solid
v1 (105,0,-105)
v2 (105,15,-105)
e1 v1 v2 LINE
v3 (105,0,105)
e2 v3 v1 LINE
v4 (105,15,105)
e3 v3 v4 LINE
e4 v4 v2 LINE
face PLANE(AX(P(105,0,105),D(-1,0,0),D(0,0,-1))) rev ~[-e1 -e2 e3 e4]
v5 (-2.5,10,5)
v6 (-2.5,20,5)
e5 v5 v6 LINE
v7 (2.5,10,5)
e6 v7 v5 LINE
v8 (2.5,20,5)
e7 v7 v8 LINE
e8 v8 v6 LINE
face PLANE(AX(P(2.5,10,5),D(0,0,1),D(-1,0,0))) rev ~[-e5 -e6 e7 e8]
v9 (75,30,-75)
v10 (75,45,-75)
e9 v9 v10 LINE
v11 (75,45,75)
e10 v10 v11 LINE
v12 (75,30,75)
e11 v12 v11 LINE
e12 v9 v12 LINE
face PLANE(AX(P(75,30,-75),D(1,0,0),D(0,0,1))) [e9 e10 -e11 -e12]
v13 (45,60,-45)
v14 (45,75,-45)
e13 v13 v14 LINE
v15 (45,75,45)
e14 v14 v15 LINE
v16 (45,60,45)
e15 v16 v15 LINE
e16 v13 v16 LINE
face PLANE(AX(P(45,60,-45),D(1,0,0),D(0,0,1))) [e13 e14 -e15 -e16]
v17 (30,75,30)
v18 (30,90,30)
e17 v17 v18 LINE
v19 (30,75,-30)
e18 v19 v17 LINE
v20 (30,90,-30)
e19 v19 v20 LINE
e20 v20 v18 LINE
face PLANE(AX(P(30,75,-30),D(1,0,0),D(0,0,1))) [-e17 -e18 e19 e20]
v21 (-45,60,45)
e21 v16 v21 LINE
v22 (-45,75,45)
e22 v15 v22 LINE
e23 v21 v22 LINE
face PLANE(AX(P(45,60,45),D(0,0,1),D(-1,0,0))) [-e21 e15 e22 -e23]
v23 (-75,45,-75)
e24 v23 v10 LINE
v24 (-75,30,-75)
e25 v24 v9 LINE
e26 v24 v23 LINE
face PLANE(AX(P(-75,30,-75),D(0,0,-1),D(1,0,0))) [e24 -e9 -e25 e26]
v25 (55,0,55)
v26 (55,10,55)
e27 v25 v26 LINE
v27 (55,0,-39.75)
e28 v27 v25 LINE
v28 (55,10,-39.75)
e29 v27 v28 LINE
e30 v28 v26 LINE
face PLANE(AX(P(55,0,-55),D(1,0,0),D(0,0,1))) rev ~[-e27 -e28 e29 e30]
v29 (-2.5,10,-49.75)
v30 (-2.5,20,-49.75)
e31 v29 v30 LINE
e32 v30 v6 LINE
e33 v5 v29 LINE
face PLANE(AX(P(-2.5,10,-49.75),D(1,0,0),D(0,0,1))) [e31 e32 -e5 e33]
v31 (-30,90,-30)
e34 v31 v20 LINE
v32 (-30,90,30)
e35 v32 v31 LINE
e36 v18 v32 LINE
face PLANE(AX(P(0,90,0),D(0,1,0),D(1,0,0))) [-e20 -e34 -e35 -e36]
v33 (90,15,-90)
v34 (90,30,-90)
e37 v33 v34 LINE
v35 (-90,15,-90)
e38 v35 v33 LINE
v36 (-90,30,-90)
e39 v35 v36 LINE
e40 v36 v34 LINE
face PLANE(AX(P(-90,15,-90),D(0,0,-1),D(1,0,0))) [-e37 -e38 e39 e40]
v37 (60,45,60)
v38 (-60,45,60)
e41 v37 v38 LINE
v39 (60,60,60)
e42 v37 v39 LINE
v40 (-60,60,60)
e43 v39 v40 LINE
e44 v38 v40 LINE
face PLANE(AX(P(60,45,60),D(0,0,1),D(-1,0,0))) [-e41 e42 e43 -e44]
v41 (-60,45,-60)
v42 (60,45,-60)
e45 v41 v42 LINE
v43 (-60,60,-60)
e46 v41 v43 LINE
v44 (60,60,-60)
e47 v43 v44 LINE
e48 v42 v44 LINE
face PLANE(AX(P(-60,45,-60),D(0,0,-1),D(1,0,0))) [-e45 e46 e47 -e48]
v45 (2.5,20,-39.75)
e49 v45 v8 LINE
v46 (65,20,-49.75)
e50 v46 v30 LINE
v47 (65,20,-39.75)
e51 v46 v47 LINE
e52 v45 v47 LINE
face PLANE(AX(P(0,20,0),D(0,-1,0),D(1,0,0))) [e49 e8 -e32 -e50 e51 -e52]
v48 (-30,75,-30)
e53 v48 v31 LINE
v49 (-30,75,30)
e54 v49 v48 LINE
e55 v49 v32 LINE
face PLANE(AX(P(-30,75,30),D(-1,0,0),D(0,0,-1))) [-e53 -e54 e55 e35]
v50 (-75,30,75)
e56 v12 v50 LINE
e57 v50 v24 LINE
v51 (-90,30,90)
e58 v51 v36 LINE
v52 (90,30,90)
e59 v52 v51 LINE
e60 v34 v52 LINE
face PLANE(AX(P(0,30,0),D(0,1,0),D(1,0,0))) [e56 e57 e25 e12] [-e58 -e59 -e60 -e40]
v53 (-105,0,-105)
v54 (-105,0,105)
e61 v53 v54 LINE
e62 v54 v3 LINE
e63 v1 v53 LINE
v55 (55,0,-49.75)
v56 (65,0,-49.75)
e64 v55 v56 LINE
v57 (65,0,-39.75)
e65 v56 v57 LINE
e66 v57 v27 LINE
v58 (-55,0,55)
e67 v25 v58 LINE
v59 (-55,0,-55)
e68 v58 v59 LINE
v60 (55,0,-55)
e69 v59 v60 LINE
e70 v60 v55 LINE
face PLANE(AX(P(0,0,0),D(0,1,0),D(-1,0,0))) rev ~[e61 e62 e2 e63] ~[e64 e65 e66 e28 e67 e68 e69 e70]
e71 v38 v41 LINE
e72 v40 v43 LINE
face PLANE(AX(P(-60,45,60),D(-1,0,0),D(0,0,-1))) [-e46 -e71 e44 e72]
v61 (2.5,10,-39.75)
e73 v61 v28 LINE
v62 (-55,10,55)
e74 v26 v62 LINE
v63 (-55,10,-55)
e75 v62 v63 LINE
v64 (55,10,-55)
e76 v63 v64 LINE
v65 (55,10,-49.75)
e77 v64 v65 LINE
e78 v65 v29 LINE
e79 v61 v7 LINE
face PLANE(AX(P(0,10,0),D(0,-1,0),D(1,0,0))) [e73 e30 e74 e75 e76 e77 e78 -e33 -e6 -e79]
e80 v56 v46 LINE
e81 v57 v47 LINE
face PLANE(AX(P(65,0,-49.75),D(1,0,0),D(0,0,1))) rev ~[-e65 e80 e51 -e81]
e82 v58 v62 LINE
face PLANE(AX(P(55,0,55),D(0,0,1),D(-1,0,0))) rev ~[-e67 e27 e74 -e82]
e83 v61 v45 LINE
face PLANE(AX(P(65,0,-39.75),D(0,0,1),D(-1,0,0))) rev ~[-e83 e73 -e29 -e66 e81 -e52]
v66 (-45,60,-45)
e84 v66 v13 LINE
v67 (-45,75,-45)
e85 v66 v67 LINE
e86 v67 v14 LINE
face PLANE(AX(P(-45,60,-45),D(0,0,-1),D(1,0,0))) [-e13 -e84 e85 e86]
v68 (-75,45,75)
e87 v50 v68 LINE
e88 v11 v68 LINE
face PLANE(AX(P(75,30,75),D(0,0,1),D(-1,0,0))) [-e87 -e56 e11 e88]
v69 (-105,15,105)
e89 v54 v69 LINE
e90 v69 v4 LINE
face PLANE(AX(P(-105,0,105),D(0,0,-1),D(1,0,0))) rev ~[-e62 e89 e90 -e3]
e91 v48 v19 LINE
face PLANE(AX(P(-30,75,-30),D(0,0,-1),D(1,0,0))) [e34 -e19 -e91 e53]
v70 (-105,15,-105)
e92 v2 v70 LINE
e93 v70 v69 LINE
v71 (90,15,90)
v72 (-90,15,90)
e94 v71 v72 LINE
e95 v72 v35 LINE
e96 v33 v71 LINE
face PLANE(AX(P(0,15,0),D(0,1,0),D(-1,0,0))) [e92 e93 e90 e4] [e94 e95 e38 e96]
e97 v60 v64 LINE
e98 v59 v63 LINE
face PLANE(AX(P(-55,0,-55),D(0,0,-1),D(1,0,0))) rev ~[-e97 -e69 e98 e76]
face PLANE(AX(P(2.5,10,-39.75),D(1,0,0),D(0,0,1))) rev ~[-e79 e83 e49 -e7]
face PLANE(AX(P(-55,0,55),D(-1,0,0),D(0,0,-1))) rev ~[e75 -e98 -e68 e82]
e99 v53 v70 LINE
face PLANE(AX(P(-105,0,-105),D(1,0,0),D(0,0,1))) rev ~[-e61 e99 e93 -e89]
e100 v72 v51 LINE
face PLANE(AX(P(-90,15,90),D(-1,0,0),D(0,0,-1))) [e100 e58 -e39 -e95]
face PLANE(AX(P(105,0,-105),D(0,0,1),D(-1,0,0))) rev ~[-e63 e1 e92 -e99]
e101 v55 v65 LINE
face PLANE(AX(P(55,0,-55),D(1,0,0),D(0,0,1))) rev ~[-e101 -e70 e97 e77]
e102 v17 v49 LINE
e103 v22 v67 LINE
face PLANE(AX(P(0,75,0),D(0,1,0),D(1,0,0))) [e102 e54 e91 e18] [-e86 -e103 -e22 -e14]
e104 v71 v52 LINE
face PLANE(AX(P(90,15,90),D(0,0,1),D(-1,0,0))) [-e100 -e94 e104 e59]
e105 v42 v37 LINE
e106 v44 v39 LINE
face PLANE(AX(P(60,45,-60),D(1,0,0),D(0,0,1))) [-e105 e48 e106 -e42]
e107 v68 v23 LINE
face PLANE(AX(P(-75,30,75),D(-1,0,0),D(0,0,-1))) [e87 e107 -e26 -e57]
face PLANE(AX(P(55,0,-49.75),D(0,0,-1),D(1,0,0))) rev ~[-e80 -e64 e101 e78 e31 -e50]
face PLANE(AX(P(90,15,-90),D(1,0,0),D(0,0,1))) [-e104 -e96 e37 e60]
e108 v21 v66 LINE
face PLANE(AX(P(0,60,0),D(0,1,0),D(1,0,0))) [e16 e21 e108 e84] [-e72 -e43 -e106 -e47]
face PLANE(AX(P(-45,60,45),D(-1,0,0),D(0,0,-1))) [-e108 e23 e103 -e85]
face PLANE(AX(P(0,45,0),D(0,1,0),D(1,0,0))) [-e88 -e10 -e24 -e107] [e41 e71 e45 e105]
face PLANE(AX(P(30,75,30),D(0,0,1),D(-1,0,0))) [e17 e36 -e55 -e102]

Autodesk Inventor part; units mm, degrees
ref_plane "YZ Plane" through (0, 0, 0) normal (1, 0, 0) x (0, 1, 0)
ref_plane "XZ Plane" through (0, 0, 0) normal (0, 1, 0) x (-1, 0, 0)
ref_plane "XY Plane" through (0, 0, 0) normal (0, 0, 1) x (1, 0, 0)
sketch "Náčrt1" plane through (0, 0, 0) normal (0, 1, 0) x (-1, 0, 0)
  line L0 (105, 105) -> (-105, 105)
  line L1 (-105, 105) -> (-105, -105)
  line L2 (-105, -105) -> (105, -105)
  line L3 (105, -105) -> (105, 105)
  line L4 (105, 105) -> (-105, -105) construction
  line L5 (-105, 105) -> (105, -105) construction
  point P0 (0, 0)
  dimension "d0" = 210
  dimension "d1" = 210
extrude "Vysunutí1" add sketch "Náčrt1" along normal blind 15
sketch "Náčrt2" plane through (0, 15, 0) normal (0, 1, 0) x (1, 0, 0)
  line L0 (90, -90) -> (-90, -90)
  line L1 (-90, -90) -> (-90, 90)
  line L2 (-90, 90) -> (90, 90)
  line L3 (90, 90) -> (90, -90)
  line L4 (90, -90) -> (-90, 90) construction
  line L5 (-90, -90) -> (90, 90) construction
  point P0 (0, 0)
  dimension "d4" = 180
  dimension "d5" = 180
extrude "Vysunutí2" add sketch "Náčrt2" along normal blind 15
sketch "Náčrt3" plane through (0, 30, 0) normal (0, 1, 0) x (1, 0, 0)
  line L0 (75, -75) -> (-75, -75)
  line L1 (-75, -75) -> (-75, 75)
  line L2 (-75, 75) -> (75, 75)
  line L3 (75, 75) -> (75, -75)
  line L4 (75, -75) -> (-75, 75) construction
  line L5 (-75, -75) -> (75, 75) construction
  point P0 (0, 0)
  dimension "d8" = 150
  dimension "d9" = 150
extrude "Vysunutí3" add sketch "Náčrt3" along normal blind 15
sketch "Náčrt4" plane through (0, 45, 0) normal (0, 1, 0) x (1, 0, 0)
  line L0 (60, -60) -> (-60, -60)
  line L1 (-60, -60) -> (-60, 60)
  line L2 (-60, 60) -> (60, 60)
  line L3 (60, 60) -> (60, -60)
  line L4 (60, -60) -> (-60, 60) construction
  line L5 (-60, -60) -> (60, 60) construction
  point P0 (0, 0)
  dimension "d12" = 120
  dimension "d13" = 120
extrude "Vysunutí4" add sketch "Náčrt4" along normal blind 15
sketch "Náčrt5" plane through (0, 60, 0) normal (0, 1, 0) x (1, 0, 0)
  line L0 (45, -45) -> (-45, -45)
  line L1 (-45, -45) -> (-45, 45)
  line L2 (-45, 45) -> (45, 45)
  line L3 (45, 45) -> (45, -45)
  line L4 (45, -45) -> (-45, 45) construction
  line L5 (-45, -45) -> (45, 45) construction
  point P0 (0, 0)
  dimension "d16" = 90
  dimension "d17" = 90
extrude "Vysunutí5" add sketch "Náčrt5" along normal blind 15
sketch "Náčrt7" plane through (0, 75, 0) normal (0, 1, 0) x (1, 0, 0)
  line L0 (-30, 30) -> (30, 30)
  line L1 (30, 30) -> (30, -30)
  line L2 (30, -30) -> (-30, -30)
  line L3 (-30, -30) -> (-30, 30)
  line L4 (-30, 30) -> (30, -30) construction
  line L5 (30, 30) -> (-30, -30) construction
  point P0 (0, 0)
  dimension "d20" = 60
  dimension "d21" = 60
extrude "Vysunutí6" add sketch "Náčrt7" along normal blind 15
sketch "Náčrt8" plane through (0, 0, 0) normal (0, -1, 0) x (1, 0, 0)
  line L0 (-55, -55) -> (55, -55)
  line L1 (55, -55) -> (55, 55)
  line L2 (55, 55) -> (-55, 55)
  line L3 (-55, 55) -> (-55, -55)
  line L4 (-55, -55) -> (55, 55) construction
  line L5 (55, -55) -> (-55, 55) construction
  point P0 (0, 0)
  dimension "d24" = 110
  dimension "d25" = 110
extrude "Vysunutí7" cut sketch "Náčrt8" against normal blind 10
sketch "Náčrt9" plane through (0, 0, 0) normal (0, -1, 0) x (1, 0, 0)
  line L0 (55, 55) -> (55, -55) projected
  line L1 (55, -49.75) -> (65, -49.75)
  line L2 (65, -49.75) -> (65, -39.75)
  line L3 (65, -39.75) -> (55, -39.75)
  line L4 (55, -39.75) -> (55, -49.75)
  line L5 (55, -55) -> (-55, -55) projected
  point P0 (0, 0)
  dimension "d28" = 10
  dimension "d29" = 10
  dimension "d30" = 5.25
extrude "Vysunutí8" cut sketch "Náčrt9" against normal blind 20
sketch "Náčrt10" plane through (0, 10, 0) normal (0, -1, 0) x (1, 0, 0)
  line L0 (55, -39.75) -> (55, -49.75) projected
  line L1 (55, -49.75) -> (-2.5, -49.75)
  line L2 (-2.5, -49.75) -> (-2.5, -39.75)
  line L3 (-2.5, -39.75) -> (55, -39.75)
  line L4 (55, -39.75) -> (55, -49.75)
  line L5 (-2.5, -49.75) -> (2.5, -49.75)
  line L6 (2.5, -49.75) -> (2.5, 5)
  line L7 (2.5, 5) -> (-2.5, 5)
  line L8 (-2.5, 5) -> (-2.5, -49.75)
  point P0 (0, 0)
  point P1 (2.5, -39.75)
  dimension "d33" = 57.5
  dimension "d34" = 5
  dimension "d35" = 54.75
extrude "Vysunutí9" cut sketch "Náčrt10" against normal blind 10
properties part number "strecha" material "Dřevo (dub)"
